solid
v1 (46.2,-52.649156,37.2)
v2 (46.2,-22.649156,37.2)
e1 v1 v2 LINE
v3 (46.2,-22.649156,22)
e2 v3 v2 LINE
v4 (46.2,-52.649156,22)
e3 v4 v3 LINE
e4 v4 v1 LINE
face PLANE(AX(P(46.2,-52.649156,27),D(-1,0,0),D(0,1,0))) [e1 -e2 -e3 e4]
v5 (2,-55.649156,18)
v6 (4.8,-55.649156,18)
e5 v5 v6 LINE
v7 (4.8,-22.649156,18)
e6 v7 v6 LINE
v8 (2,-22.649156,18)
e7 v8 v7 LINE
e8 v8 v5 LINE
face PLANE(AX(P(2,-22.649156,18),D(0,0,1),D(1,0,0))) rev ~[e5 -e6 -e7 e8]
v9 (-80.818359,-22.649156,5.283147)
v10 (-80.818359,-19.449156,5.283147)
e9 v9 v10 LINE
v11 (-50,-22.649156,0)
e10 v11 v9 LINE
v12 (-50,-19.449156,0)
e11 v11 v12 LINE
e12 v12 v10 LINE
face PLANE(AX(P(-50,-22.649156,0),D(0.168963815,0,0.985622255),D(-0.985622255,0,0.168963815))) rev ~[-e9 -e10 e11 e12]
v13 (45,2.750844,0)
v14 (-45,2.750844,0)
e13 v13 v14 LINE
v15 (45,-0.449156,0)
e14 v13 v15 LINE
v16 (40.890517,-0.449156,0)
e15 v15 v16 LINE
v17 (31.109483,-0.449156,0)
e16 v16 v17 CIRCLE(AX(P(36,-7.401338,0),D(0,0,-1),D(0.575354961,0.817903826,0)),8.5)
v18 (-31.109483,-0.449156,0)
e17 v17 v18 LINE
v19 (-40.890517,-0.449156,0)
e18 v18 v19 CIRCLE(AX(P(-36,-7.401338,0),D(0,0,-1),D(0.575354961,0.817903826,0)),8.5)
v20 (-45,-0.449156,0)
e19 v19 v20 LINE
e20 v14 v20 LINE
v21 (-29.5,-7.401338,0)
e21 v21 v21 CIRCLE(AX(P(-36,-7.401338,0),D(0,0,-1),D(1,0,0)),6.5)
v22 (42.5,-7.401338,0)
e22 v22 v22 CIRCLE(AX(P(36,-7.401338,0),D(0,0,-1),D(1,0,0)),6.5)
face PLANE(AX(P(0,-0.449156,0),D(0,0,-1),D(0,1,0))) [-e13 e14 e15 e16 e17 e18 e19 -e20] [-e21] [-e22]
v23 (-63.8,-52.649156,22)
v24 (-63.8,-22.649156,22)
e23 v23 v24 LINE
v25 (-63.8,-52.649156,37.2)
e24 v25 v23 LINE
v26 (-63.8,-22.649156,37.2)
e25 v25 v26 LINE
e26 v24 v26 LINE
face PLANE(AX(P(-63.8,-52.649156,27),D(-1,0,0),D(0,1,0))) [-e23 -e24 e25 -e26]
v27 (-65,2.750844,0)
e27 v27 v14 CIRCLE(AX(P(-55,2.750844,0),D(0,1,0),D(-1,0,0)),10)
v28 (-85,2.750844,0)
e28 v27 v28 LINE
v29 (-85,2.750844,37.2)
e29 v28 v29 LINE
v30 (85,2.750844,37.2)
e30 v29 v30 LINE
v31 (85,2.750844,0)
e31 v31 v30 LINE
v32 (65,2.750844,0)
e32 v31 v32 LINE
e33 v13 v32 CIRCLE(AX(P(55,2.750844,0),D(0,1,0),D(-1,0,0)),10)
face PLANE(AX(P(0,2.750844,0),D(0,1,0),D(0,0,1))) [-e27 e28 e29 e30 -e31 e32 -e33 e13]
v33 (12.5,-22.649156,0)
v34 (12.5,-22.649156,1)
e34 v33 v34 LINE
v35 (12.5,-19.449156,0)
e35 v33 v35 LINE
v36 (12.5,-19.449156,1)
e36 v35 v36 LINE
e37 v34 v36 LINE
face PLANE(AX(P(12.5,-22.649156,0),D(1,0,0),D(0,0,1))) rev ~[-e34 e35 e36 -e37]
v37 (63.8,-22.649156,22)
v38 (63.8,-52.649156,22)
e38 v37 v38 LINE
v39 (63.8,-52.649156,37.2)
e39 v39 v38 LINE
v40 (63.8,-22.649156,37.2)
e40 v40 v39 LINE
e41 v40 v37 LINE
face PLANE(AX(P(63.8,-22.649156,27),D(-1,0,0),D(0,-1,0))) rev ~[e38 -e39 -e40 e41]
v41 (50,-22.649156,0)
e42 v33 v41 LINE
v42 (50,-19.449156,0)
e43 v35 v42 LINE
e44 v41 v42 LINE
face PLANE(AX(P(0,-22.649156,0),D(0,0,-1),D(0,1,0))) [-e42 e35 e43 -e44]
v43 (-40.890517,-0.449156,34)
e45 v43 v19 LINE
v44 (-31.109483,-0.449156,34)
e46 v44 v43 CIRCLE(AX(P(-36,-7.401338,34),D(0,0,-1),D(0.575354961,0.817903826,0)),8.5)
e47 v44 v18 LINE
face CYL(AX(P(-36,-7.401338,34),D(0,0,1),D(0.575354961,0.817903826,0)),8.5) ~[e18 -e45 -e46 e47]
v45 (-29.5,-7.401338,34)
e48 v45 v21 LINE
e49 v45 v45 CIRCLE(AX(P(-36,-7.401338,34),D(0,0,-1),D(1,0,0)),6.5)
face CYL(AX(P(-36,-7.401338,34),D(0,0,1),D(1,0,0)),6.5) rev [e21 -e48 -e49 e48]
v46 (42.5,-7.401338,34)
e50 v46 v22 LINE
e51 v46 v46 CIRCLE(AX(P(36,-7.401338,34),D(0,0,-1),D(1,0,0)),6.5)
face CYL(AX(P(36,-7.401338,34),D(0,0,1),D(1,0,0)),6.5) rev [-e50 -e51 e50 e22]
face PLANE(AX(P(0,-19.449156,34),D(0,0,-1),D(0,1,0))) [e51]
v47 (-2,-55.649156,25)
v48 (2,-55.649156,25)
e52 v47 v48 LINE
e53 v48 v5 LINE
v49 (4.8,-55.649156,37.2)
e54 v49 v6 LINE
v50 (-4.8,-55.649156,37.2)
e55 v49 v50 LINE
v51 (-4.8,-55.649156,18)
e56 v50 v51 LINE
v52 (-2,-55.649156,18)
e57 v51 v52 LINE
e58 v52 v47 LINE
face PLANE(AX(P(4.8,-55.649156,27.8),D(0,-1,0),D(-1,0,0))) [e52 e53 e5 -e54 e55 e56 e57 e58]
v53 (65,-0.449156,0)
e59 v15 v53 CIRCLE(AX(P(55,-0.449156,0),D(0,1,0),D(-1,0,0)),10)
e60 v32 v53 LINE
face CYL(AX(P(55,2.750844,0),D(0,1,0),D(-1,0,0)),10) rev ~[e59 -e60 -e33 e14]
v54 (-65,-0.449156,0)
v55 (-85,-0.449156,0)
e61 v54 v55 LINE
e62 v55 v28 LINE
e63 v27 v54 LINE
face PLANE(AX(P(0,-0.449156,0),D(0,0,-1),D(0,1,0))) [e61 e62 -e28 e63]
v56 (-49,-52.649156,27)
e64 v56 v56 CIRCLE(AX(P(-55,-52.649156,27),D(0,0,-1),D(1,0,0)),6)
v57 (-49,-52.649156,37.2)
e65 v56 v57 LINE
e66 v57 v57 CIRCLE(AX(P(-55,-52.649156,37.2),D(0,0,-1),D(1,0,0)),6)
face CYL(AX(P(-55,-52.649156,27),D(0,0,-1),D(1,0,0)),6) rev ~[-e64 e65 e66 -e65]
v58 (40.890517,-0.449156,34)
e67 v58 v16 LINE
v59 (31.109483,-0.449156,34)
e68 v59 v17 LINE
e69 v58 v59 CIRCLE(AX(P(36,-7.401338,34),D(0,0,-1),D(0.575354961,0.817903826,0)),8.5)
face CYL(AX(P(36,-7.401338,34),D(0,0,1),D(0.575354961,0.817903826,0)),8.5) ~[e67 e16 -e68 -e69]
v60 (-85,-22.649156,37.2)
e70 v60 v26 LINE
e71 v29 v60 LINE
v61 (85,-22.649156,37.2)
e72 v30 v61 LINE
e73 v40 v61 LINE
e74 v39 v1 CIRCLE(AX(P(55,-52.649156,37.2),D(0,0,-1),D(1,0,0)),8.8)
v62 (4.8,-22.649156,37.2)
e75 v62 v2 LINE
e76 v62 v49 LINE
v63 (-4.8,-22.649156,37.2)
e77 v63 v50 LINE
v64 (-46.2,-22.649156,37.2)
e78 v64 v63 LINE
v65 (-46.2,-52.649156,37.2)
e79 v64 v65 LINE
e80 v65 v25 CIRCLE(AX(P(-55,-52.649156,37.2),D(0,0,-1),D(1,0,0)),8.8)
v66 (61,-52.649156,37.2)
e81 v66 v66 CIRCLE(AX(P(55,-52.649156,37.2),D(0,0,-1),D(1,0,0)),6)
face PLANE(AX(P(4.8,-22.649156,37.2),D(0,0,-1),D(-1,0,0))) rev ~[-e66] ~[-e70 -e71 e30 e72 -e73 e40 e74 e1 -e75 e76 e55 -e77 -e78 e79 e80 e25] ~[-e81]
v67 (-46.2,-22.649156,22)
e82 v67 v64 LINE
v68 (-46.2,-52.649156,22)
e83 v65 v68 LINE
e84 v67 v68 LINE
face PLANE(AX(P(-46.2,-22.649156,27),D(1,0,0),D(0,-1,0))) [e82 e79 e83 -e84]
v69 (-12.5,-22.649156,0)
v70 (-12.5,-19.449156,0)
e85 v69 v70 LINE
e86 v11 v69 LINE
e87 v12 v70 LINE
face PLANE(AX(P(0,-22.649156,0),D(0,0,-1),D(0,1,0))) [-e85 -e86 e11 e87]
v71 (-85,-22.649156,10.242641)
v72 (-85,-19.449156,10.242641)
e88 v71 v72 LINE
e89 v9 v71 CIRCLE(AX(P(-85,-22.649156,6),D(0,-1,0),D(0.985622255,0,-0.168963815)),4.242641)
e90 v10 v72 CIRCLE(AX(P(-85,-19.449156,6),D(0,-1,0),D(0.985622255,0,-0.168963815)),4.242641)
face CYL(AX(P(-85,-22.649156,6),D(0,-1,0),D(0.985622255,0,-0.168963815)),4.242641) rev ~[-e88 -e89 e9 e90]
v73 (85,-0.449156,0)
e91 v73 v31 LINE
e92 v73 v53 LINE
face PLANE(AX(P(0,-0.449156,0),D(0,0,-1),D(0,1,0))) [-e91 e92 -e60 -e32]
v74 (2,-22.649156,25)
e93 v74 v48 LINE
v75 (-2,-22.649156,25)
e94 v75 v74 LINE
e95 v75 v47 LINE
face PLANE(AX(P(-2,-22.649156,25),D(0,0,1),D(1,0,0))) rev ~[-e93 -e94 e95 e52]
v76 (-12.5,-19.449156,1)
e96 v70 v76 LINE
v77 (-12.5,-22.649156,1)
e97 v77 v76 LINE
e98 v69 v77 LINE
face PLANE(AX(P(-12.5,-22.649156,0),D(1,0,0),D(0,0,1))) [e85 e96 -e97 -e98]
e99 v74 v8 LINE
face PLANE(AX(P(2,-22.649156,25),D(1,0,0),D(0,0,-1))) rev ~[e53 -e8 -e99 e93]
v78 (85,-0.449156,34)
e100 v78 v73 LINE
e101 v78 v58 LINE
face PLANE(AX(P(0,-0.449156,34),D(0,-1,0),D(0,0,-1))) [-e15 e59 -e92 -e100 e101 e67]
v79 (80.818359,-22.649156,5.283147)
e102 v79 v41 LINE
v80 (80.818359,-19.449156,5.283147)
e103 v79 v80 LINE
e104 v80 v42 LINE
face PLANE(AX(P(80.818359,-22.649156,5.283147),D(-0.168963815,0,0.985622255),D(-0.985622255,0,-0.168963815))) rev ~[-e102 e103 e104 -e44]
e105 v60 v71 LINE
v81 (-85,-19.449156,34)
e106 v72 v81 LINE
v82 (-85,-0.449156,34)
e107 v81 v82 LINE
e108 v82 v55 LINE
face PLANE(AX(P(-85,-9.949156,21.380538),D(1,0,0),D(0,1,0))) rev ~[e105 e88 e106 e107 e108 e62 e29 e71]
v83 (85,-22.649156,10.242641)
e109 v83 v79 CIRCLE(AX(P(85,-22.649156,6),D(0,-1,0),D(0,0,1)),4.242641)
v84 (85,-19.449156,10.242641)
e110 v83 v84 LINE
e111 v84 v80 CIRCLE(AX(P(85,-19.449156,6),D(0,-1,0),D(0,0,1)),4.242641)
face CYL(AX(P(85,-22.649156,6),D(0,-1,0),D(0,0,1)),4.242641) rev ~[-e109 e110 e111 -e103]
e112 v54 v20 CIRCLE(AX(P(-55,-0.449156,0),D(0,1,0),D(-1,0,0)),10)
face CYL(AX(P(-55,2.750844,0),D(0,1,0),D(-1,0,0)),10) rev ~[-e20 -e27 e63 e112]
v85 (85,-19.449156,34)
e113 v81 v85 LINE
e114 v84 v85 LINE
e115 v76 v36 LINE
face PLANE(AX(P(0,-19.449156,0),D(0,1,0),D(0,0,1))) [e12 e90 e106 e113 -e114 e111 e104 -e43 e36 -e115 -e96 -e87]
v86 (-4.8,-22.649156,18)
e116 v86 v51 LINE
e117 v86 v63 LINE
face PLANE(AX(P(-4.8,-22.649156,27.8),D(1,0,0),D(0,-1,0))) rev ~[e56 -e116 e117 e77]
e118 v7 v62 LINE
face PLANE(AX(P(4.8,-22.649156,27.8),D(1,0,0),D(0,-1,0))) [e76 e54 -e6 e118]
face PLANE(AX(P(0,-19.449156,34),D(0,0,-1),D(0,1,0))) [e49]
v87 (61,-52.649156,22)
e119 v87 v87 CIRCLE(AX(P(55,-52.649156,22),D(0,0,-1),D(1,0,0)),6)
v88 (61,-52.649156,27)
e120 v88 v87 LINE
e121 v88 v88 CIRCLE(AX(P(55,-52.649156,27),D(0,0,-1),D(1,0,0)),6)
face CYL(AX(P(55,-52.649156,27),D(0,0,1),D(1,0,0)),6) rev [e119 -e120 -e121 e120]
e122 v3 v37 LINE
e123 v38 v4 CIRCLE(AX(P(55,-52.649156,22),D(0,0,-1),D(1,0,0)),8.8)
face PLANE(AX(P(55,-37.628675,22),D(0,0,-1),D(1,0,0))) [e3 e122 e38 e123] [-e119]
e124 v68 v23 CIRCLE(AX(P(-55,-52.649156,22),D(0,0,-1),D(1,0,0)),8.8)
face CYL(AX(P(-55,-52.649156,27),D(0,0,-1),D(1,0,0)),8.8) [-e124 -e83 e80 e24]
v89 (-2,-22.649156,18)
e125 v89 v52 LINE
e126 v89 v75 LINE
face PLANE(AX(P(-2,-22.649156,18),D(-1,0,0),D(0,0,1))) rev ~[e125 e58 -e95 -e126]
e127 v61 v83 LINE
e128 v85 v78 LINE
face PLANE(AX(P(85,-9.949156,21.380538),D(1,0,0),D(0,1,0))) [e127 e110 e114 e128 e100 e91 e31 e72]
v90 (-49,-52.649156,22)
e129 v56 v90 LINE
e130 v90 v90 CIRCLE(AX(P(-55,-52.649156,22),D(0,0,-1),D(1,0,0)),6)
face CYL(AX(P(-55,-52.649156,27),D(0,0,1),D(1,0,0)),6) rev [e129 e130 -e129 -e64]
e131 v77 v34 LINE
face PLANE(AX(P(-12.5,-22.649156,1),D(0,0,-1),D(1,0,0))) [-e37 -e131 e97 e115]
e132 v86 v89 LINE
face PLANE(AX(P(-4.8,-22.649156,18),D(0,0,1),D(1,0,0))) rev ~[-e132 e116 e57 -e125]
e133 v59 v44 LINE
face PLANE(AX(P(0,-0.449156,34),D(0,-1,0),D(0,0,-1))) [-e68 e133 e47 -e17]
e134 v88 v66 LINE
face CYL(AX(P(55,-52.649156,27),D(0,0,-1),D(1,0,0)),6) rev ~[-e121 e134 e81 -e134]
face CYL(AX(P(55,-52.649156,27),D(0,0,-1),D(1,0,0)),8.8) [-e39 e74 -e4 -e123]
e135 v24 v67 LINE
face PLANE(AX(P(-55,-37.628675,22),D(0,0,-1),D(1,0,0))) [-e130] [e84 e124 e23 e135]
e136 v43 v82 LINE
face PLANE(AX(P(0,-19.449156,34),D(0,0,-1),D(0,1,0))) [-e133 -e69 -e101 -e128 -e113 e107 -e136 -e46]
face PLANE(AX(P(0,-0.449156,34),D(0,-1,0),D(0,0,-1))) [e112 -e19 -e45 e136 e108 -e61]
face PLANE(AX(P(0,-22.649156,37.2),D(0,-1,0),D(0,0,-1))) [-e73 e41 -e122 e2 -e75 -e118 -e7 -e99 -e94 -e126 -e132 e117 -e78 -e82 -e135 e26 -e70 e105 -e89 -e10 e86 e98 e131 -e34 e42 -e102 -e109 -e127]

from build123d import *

# Parameters (mm, degrees)
F1_DEPTH       = 85
F3_DEPTH       = 3.2
F4_W           = 25
F4_H           = 1
F5_DEPTH       = 3.2
F6_R           = 6.5
F7_DEPTH       = 34
F9_DEPTH       = 33
F11_R          = 6
F12_DEPTH      = 5
F12_DEPTH_BACK = 10.2
F13_DEPTH      = 9.4


with BuildPart() as f1:
    # F0 (on Right) → F1 (new body, symmetric)
    with BuildSketch(Plane.YZ):
        Polygon((2.7508442084, 0), (2.7508442084, 37.2), (-22.6491557916, 37.2), (-22.6491557916, 0), (-19.4491557916, 0), (-19.4491557916, 34), (-0.4491557916, 34), (-0.4491557916, 0), align=None)
    extrude(amount=F1_DEPTH, both=True)

    # F2 (on face) → F3 (cut, through all)
    with BuildSketch(Plane(origin=(0, 2.7508442084, 0), x_dir=(-1, 0, 0), z_dir=(0, 1, 0))):
        with BuildLine():
            Line((-65, 0), (-45, 0))
            ThreePointArc((-45, 0), (-55, 10), (-65, 0))
        make_face()
        with BuildLine():
            ThreePointArc((65, 0), (55, 10), (45, 0))
            Line((45, 0), (65, 0))
        make_face()
    extrude(amount=-F3_DEPTH, mode=Mode.SUBTRACT)

    # F4 (on face) → F5 (cut, through all)
    with BuildSketch(Plane.XZ.offset(22.6491557916)):
        Polygon((-80.8183589196, 5.2831472434), (-85, 6), (-85, 0), (-50, 0), align=None)
        Polygon((80.8183589196, 5.2831472434), (50, 0), (85, 0), (85, 6), align=None)
        with Locations((0, 0.5)):
            Rectangle(F4_W, F4_H)
        with BuildLine():
            Line((-85, 10.2426406871), (-85, 6))
            Line((-85, 6), (-80.8183589196, 5.2831472434))
            ThreePointArc((-80.8183589196, 5.2831472434), (-81.7564411003, 8.7348355826), (-85, 10.2426406871))
        make_face()
        with BuildLine():
            Line((85, 6), (85, 10.2426406871))
            ThreePointArc((85, 10.2426406871), (81.7564411003, 8.7348355826), (80.8183589196, 5.2831472434))
            Line((80.8183589196, 5.2831472434), (85, 6))
        make_face()
    extrude(amount=-F5_DEPTH, mode=Mode.SUBTRACT)

    # F6 (on face) → F7 (join, through all)
    with BuildSketch(Plane(origin=(0, 0, 34), x_dir=(1, 0, 0), z_dir=(0, 0, -1))):
        with BuildLine():
            ThreePointArc((40.8905171703, 0.4491557916), (36, 15.9013383128), (31.1094828297, 0.4491557916))
            Line((31.1094828297, 0.4491557916), (40.8905171703, 0.4491557916))
        make_face()
        with Locations((36, 7.4013383128)):
            Circle(F6_R, mode=Mode.SUBTRACT)
        with BuildLine():
            Line((-40.8905171703, 0.4491557916), (-31.1094828297, 0.4491557916))
            ThreePointArc((-31.1094828297, 0.4491557916), (-36, 15.9013383128), (-40.8905171703, 0.4491557916))
        make_face()
        with Locations((-36, 7.4013383128)):
            Circle(F6_R, mode=Mode.SUBTRACT)
    extrude(amount=F7_DEPTH)

    # F8 (on face) → F9 (join)
    with BuildSketch(Plane.XZ.offset(22.6491557916)):
        Polygon((-2, 18), (-2, 25), (2, 25), (2, 18), (4.8, 18), (4.8, 27.8), (-4.8, 27.8), (-4.8, 18), align=None)
    extrude(amount=F9_DEPTH)

    # F11 (on offset) → F12 (join, two sides)
    with BuildSketch(Plane(origin=(0, 0, 27), x_dir=(1, 0, 0), z_dir=(0, 0, -1))) as f12_sk:
        with BuildLine():
            Line((-46.2, 22.6491557916), (-46.2, 52.6491557916))
            ThreePointArc((-46.2, 52.6491557916), (-55, 43.8491557916), (-63.8, 52.6491557916))
            Line((-63.8, 52.6491557916), (-63.8, 22.6491557916))
            Line((-63.8, 22.6491557916), (-46.2, 22.6491557916))
        make_face()
        with BuildLine():
            ThreePointArc((-63.8, 52.6491557916), (-55, 43.8491557916), (-46.2, 52.6491557916))
            ThreePointArc((-46.2, 52.6491557916), (-55, 61.4491557916), (-63.8, 52.6491557916))
        make_face()
        with Locations((-55, 52.6491557916)):
            Circle(F11_R, mode=Mode.SUBTRACT)
        with BuildLine():
            Line((63.8, 22.6491557916), (63.8, 52.6491557916))
            ThreePointArc((63.8, 52.6491557916), (55, 43.8491557916), (46.2, 52.6491557916))
            Line((46.2, 52.6491557916), (46.2, 22.6491557916))
            Line((46.2, 22.6491557916), (63.8, 22.6491557916))
        make_face()
        with BuildLine():
            ThreePointArc((46.2, 52.6491557916), (55, 43.8491557916), (63.8, 52.6491557916))
            ThreePointArc((63.8, 52.6491557916), (55, 61.4491557916), (46.2, 52.6491557916))
        make_face()
        with Locations((55, 52.6491557916)):
            Circle(F11_R, mode=Mode.SUBTRACT)
    extrude(amount=F12_DEPTH)
    extrude(f12_sk.sketch, amount=-F12_DEPTH_BACK)

    # F13 (add, through all): a face of the model
    f13_faces = [f1.faces().sort_by_distance(p)[0] for p in [
        (0, -39.1491557916, 27.8),
    ]]
    extrude(f13_faces, amount=F13_DEPTH)


solid = f1.part
